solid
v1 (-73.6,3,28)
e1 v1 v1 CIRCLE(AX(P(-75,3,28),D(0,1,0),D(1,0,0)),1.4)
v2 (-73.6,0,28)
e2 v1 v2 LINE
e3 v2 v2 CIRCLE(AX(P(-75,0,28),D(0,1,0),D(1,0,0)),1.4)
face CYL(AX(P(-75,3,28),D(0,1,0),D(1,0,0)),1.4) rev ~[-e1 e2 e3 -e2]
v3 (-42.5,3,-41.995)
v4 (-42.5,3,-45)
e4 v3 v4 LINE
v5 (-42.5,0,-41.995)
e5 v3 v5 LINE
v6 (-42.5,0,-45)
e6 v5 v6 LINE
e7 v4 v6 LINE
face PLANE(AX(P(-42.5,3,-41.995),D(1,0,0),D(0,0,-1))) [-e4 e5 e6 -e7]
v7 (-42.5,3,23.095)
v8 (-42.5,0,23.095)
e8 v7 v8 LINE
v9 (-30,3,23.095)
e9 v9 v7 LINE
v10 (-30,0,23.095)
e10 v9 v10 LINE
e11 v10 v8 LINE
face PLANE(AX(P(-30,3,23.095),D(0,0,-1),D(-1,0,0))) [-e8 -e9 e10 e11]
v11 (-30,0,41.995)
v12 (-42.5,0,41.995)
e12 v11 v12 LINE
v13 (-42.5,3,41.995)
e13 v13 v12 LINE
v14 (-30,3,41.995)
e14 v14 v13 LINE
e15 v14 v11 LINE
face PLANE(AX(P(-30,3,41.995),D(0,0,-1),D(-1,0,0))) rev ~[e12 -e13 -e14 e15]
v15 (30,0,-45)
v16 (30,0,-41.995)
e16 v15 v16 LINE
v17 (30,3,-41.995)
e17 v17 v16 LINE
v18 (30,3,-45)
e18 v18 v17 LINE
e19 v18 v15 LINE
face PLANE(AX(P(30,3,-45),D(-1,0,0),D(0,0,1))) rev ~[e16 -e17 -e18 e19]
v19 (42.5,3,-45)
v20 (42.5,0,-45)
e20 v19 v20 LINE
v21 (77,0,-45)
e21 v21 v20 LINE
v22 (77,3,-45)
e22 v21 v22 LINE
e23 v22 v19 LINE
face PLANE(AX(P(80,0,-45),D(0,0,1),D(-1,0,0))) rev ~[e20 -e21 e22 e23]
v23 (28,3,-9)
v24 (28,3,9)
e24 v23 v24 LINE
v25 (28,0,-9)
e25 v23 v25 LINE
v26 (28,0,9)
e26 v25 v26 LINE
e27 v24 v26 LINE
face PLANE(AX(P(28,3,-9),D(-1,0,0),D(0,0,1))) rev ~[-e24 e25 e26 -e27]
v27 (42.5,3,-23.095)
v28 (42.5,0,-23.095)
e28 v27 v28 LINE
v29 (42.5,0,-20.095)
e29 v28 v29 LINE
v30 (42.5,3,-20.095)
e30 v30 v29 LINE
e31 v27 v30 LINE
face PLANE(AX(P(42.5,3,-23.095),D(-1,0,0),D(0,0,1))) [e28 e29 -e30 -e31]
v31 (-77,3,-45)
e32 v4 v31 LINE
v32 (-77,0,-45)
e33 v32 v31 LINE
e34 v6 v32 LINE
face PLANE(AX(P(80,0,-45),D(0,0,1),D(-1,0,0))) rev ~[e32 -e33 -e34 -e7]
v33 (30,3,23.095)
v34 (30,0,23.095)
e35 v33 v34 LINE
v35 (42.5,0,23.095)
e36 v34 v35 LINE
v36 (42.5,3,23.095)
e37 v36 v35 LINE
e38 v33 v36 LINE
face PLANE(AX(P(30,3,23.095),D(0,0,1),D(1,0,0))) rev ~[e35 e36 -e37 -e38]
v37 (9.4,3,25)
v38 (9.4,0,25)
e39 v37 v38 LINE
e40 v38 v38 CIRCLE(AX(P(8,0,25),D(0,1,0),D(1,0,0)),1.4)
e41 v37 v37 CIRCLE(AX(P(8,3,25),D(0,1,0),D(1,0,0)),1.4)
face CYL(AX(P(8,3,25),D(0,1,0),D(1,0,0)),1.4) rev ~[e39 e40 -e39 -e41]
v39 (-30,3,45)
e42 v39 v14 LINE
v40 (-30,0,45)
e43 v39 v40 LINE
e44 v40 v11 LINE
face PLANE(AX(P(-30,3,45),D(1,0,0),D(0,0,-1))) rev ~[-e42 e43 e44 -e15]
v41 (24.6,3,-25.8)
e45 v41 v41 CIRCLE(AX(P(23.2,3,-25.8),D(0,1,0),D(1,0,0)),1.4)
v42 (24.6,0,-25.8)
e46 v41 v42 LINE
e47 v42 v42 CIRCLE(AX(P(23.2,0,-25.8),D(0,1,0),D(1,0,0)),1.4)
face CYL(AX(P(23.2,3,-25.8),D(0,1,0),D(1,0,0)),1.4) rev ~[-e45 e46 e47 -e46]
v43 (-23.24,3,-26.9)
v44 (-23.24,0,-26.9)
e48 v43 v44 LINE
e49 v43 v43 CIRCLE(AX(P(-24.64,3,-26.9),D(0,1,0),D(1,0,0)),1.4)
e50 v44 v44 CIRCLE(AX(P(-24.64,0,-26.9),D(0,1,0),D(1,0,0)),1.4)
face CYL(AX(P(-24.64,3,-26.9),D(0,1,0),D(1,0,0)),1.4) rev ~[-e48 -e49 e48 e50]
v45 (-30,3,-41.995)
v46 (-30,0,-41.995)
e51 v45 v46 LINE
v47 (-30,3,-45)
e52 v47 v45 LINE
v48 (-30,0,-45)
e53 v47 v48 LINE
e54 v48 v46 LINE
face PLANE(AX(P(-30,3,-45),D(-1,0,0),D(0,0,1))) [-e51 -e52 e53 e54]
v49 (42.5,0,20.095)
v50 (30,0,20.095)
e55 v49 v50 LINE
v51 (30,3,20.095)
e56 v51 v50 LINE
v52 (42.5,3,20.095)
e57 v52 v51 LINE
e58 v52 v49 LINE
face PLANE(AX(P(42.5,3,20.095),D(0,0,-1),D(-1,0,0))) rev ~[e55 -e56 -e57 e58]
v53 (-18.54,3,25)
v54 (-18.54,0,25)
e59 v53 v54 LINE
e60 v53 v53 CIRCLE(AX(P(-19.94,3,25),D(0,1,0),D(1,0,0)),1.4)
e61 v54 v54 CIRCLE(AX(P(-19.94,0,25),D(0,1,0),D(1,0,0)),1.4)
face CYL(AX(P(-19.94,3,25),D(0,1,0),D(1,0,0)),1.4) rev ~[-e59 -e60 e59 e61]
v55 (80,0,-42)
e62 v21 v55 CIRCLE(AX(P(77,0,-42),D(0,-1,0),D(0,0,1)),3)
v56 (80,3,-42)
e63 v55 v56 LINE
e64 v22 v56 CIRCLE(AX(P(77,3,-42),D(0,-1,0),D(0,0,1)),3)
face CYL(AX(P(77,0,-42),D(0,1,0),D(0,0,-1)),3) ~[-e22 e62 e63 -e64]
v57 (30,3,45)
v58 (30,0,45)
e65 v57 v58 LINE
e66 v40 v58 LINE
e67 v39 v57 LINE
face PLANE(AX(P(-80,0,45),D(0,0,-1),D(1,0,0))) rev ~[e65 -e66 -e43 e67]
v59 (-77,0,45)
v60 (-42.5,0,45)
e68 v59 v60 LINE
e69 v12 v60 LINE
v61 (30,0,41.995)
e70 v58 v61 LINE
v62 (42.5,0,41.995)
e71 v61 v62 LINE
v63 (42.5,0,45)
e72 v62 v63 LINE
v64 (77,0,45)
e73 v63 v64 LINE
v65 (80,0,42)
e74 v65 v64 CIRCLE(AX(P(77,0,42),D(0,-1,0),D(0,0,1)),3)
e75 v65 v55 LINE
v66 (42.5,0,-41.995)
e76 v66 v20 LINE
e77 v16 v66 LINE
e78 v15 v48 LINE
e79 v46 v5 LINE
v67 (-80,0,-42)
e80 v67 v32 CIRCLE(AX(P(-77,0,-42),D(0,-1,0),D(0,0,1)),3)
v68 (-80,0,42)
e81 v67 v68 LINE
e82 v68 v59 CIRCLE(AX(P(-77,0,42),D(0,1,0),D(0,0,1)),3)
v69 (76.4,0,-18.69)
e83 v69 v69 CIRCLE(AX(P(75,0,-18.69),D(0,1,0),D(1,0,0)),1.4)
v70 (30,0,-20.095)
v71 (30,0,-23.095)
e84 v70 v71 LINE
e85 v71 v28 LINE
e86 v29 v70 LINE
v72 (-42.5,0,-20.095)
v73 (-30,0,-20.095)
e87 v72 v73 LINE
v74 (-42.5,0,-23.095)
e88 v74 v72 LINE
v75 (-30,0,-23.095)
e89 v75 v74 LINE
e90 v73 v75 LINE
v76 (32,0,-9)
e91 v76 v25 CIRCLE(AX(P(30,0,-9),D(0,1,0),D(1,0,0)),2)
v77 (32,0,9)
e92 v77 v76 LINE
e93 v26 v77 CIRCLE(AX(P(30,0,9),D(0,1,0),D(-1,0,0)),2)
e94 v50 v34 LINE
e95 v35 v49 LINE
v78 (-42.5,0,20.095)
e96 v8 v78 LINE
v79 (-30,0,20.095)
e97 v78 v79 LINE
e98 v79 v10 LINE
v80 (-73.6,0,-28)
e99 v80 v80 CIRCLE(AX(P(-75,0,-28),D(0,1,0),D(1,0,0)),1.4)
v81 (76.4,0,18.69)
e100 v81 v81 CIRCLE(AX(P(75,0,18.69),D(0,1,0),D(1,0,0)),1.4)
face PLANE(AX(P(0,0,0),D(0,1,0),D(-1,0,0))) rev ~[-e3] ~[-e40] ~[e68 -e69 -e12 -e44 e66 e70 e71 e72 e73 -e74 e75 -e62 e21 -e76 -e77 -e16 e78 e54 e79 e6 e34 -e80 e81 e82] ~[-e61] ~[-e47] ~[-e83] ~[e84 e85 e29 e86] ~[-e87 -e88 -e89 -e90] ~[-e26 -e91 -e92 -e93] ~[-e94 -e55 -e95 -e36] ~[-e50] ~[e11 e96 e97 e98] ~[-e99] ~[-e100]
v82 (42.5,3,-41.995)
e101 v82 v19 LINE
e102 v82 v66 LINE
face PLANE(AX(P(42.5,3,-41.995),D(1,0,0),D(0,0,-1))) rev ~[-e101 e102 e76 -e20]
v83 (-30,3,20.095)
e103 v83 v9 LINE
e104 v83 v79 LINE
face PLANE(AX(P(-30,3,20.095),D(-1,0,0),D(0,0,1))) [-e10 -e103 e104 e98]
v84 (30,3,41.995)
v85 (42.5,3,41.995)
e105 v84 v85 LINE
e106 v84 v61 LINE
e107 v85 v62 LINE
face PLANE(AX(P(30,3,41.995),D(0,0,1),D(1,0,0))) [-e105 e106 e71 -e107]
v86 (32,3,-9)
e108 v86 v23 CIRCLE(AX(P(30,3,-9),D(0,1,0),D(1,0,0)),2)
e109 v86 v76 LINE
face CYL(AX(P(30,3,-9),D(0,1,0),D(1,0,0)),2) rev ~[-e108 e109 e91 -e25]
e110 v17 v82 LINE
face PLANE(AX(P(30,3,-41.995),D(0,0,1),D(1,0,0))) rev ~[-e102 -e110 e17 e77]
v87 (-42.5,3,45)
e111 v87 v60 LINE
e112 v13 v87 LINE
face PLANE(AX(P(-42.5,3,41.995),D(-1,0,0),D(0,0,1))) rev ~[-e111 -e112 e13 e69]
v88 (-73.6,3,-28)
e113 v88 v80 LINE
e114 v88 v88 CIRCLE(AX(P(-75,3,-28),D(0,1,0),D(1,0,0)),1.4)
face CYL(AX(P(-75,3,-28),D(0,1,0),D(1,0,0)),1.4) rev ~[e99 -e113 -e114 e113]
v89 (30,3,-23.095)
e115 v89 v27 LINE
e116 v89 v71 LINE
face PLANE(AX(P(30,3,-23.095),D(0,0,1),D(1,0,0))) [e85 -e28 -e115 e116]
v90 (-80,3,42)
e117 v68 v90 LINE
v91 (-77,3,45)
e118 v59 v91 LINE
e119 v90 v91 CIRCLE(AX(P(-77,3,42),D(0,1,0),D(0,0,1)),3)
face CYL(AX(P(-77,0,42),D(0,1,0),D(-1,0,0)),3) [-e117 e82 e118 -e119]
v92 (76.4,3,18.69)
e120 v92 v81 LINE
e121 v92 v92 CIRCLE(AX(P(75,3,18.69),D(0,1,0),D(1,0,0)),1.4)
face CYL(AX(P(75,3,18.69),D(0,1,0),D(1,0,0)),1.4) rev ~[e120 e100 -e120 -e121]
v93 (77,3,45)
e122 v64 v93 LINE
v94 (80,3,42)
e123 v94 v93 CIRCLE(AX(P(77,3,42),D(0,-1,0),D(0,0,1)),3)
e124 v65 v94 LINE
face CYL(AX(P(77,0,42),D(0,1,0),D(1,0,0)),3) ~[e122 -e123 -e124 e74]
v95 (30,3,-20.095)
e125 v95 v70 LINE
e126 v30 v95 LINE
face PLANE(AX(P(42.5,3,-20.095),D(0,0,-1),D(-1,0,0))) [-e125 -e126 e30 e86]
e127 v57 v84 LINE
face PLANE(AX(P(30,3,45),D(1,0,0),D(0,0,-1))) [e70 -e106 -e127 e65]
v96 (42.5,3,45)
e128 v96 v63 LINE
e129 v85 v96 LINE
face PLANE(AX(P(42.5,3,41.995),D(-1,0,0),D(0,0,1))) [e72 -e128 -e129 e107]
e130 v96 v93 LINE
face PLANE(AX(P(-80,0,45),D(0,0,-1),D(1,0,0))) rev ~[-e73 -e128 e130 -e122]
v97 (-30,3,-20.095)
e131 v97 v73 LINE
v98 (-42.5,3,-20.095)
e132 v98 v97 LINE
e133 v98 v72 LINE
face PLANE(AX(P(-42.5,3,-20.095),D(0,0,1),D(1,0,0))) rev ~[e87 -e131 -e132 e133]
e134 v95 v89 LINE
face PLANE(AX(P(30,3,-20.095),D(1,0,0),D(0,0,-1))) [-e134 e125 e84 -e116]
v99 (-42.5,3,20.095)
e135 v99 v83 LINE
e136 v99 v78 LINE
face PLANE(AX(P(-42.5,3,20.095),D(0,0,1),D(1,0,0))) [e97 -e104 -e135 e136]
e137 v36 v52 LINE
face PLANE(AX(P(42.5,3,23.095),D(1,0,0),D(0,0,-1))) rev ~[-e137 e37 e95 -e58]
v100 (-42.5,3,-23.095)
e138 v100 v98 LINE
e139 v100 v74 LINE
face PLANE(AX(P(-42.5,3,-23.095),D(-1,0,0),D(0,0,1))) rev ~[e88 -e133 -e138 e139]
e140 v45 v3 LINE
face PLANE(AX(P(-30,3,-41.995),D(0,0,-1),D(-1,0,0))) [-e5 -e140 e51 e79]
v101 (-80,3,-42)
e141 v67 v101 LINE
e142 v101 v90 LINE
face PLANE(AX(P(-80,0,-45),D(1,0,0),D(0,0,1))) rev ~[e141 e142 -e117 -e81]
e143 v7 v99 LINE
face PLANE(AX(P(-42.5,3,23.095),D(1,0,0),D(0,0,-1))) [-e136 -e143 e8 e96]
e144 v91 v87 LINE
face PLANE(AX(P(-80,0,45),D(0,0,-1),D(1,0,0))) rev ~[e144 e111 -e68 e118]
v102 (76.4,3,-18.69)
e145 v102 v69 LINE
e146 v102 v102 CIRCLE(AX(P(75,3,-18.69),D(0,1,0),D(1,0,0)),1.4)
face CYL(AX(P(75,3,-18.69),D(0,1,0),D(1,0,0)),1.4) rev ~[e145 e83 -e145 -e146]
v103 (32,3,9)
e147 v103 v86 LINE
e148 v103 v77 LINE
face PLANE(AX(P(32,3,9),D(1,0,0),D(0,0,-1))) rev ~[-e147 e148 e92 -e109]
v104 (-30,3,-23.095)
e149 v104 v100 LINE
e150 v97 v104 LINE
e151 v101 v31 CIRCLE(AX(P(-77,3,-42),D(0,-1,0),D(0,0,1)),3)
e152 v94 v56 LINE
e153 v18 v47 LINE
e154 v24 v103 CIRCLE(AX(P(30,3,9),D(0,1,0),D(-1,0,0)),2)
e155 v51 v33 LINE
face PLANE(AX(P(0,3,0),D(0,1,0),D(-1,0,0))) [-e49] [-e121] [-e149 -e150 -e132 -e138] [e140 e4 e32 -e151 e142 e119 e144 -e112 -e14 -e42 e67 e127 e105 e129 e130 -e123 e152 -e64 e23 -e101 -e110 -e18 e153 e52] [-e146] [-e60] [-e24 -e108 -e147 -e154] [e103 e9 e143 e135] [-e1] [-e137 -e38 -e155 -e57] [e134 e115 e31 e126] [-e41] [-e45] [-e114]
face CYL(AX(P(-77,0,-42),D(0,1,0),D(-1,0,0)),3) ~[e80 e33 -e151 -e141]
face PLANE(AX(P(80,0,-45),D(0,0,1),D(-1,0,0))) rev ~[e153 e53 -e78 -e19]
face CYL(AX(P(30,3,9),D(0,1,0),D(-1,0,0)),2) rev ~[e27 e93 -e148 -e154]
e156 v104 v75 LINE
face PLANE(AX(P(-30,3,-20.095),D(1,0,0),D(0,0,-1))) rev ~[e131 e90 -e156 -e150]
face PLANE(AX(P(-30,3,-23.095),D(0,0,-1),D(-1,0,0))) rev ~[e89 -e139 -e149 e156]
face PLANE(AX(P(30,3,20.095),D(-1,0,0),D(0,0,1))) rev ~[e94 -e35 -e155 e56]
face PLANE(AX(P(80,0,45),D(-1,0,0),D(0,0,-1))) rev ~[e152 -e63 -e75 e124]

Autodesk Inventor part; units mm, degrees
ref_plane "YZ Plane" through (0, 0, 0) normal (1, 0, 0) x (0, 1, 0)
ref_plane "XZ Plane" through (0, 0, 0) normal (0, 1, 0) x (-1, 0, 0)
ref_plane "XY Plane" through (0, 0, 0) normal (0, 0, 1) x (1, 0, 0)
sketch "Sketch1" plane through (0, 0, 0) normal (0, 1, 0) x (-1, 0, 0)
  line L0 (80, 45) -> (-80, 45)
  line L1 (-80, 45) -> (-80, -45)
  line L2 (-80, -45) -> (80, -45)
  line L3 (80, -45) -> (80, 45)
  line L4 (80, 45) -> (-80, -45) construction
  line L5 (-80, 45) -> (80, -45) construction
  point P0 (0, 0)
  dimension "d0" = 160
  dimension "d1" = 90
extrude "Extrusion1" add sketch "Sketch1" along normal blind 3
sketch "Sketch2" plane through (0, 3, 0) normal (0, 1, 0) x (1, 0, 0)
  line L0 (-42.5, -45) -> (-30, -45)
  line L1 (-30, -45) -> (-30, -41.995)
  line L2 (-30, -41.995) -> (-42.5, -41.995)
  line L3 (-42.5, -41.995) -> (-42.5, -45)
  line L4 (-80, -45) -> (80, -45) construction
  line L5 (0, -45) -> (0, 45) construction
  line L6 (80, 45) -> (-80, 45) construction
  line L7 (-80, 45) -> (-80, -45) construction
  line L8 (-80, 0) -> (80, 0) construction
  line L9 (80, -45) -> (80, 45) construction
  line L10 (-30, -23.095) -> (-42.5, -23.095)
  line L11 (-42.5, -23.095) -> (-42.5, -20.095)
  line L12 (-42.5, -20.095) -> (-30, -20.095)
  line L13 (-30, -20.095) -> (-30, -23.095)
  line L14 (-42.5, 45) -> (-30, 45)
  line L15 (-30, 45) -> (-30, 41.995)
  line L16 (-30, 41.995) -> (-42.5, 41.995)
  line L17 (-42.5, 41.995) -> (-42.5, 45)
  line L18 (-30, 23.095) -> (-42.5, 23.095)
  line L19 (-42.5, 23.095) -> (-42.5, 20.095)
  line L20 (-42.5, 20.095) -> (-30, 20.095)
  line L21 (-30, 20.095) -> (-30, 23.095)
  line L22 (42.5, -45) -> (30, -45)
  line L23 (30, -45) -> (30, -41.995)
  line L24 (30, -41.995) -> (42.5, -41.995)
  line L25 (42.5, -41.995) -> (42.5, -45)
  line L26 (30, -23.095) -> (42.5, -23.095)
  line L27 (42.5, -23.095) -> (42.5, -20.095)
  line L28 (42.5, -20.095) -> (30, -20.095)
  line L29 (30, -20.095) -> (30, -23.095)
  line L30 (30, 45) -> (30, 41.995)
  line L31 (30, 20.095) -> (30, 23.095)
  line L32 (42.5, 45) -> (30, 45)
  line L33 (42.5, 41.995) -> (42.5, 45)
  line L34 (30, 23.095) -> (42.5, 23.095)
  line L35 (42.5, 23.095) -> (42.5, 20.095)
  line L36 (42.5, 20.095) -> (30, 20.095)
  line L37 (30, 41.995) -> (42.5, 41.995)
  point P0 (0, 0)
  point P1 (-36.25, -45)
  point P2 (-36.25, 45)
  point P3 (36.25, -45)
  point P4 (36.25, 45)
  dimension "d4" = 12.5
  dimension "d5" = 3.005
  dimension "d6" = 50
  dimension "d9" = 12.5
  dimension "d10" = 3
  dimension "d11" = 18.9
extrude "Extrusion2" cut sketch "Sketch2" against normal through all
fillet "Fillet1" radius 3 4 edges at (-80, 1.5, 45) (-80, 1.5, -45) (80, 1.5, -45) (80, 1.5, 45)
sketch "Sketch4" plane through (0, 3, 0) normal (0, 1, 0) x (1, 0, 0)
  line L0 (30, 9) -> (30, -9) construction
  line L1 (28, 9) -> (28, -9)
  line L2 (32, -9) -> (32, 9)
  arc A0 (32, 9) -> (28, 9) centre (30, 9) ccw
  arc A1 (28, -9) -> (32, -9) centre (30, -9) ccw
  line L3 (80, -42) -> (80, 42) projected
  line L4 (42.5, -45) -> (77, -45) projected
  point P0 (0, 0)
  point P1 (30, 0)
  dimension "d18" = 9
  dimension "d19" = 4
  dimension "d20" = 48
extrude "Extrusion4" cut sketch "Sketch4" against normal through all
sketch "Sketch5" plane through (0, 3, 0) normal (0, 1, 0) x (1, 0, 0)
  circle A0 centre (75, -18.69) radius 1.4
  line L0 (80, -42) -> (80, 42) construction
  line L1 (80, 0) -> (-80, 0) construction
  line L2 (-80, 42) -> (-80, -42) construction
  circle A1 centre (75, 18.69) radius 1.4
  circle A2 centre (-75, 28) radius 1.4
  circle A3 centre (-75, -28) radius 1.4
  circle A4 centre (-19.94, -25) radius 1.4
  circle A5 centre (8, -25) radius 1.4
  line L3 (-30, -45) -> (30, -45) construction
  line L4 (8, -25) -> (23.2, -25) construction
  line L5 (23.2, -25) -> (23.2, 25.8) construction
  circle A6 centre (23.2, 25.8) radius 1.4
  line L6 (-19.94, -25) -> (-24.64, -25) construction
  line L7 (-24.64, -25) -> (-24.64, 26.9) construction
  circle A7 centre (-24.64, 26.9) radius 1.4
  line L8 (-19.94, -25) -> (8, -25) construction
  point P0 (0, 0)
  dimension "d23" = 2.8
  dimension "d24" = 18.69
  dimension "d25" = 5
  dimension "d29" = 2.8
  dimension "d30" = 5
  dimension "d31" = 28
  dimension "d32" = 2.8
  dimension "d33" = 2.8
  dimension "d40" = 15.2
  dimension "d41" = 2.8
  dimension "d43" = 4.7
  dimension "d44" = 2.8
  dimension "d46" = 27.94
  dimension "d47" = 20
  dimension "d48" = 51.9
  dimension "d49" = 50.8
  dimension "d50" = 20
  dimension "d51" = 72
extrude "Extrusion5" cut sketch "Sketch5" against normal through all
properties part number "chassis"
